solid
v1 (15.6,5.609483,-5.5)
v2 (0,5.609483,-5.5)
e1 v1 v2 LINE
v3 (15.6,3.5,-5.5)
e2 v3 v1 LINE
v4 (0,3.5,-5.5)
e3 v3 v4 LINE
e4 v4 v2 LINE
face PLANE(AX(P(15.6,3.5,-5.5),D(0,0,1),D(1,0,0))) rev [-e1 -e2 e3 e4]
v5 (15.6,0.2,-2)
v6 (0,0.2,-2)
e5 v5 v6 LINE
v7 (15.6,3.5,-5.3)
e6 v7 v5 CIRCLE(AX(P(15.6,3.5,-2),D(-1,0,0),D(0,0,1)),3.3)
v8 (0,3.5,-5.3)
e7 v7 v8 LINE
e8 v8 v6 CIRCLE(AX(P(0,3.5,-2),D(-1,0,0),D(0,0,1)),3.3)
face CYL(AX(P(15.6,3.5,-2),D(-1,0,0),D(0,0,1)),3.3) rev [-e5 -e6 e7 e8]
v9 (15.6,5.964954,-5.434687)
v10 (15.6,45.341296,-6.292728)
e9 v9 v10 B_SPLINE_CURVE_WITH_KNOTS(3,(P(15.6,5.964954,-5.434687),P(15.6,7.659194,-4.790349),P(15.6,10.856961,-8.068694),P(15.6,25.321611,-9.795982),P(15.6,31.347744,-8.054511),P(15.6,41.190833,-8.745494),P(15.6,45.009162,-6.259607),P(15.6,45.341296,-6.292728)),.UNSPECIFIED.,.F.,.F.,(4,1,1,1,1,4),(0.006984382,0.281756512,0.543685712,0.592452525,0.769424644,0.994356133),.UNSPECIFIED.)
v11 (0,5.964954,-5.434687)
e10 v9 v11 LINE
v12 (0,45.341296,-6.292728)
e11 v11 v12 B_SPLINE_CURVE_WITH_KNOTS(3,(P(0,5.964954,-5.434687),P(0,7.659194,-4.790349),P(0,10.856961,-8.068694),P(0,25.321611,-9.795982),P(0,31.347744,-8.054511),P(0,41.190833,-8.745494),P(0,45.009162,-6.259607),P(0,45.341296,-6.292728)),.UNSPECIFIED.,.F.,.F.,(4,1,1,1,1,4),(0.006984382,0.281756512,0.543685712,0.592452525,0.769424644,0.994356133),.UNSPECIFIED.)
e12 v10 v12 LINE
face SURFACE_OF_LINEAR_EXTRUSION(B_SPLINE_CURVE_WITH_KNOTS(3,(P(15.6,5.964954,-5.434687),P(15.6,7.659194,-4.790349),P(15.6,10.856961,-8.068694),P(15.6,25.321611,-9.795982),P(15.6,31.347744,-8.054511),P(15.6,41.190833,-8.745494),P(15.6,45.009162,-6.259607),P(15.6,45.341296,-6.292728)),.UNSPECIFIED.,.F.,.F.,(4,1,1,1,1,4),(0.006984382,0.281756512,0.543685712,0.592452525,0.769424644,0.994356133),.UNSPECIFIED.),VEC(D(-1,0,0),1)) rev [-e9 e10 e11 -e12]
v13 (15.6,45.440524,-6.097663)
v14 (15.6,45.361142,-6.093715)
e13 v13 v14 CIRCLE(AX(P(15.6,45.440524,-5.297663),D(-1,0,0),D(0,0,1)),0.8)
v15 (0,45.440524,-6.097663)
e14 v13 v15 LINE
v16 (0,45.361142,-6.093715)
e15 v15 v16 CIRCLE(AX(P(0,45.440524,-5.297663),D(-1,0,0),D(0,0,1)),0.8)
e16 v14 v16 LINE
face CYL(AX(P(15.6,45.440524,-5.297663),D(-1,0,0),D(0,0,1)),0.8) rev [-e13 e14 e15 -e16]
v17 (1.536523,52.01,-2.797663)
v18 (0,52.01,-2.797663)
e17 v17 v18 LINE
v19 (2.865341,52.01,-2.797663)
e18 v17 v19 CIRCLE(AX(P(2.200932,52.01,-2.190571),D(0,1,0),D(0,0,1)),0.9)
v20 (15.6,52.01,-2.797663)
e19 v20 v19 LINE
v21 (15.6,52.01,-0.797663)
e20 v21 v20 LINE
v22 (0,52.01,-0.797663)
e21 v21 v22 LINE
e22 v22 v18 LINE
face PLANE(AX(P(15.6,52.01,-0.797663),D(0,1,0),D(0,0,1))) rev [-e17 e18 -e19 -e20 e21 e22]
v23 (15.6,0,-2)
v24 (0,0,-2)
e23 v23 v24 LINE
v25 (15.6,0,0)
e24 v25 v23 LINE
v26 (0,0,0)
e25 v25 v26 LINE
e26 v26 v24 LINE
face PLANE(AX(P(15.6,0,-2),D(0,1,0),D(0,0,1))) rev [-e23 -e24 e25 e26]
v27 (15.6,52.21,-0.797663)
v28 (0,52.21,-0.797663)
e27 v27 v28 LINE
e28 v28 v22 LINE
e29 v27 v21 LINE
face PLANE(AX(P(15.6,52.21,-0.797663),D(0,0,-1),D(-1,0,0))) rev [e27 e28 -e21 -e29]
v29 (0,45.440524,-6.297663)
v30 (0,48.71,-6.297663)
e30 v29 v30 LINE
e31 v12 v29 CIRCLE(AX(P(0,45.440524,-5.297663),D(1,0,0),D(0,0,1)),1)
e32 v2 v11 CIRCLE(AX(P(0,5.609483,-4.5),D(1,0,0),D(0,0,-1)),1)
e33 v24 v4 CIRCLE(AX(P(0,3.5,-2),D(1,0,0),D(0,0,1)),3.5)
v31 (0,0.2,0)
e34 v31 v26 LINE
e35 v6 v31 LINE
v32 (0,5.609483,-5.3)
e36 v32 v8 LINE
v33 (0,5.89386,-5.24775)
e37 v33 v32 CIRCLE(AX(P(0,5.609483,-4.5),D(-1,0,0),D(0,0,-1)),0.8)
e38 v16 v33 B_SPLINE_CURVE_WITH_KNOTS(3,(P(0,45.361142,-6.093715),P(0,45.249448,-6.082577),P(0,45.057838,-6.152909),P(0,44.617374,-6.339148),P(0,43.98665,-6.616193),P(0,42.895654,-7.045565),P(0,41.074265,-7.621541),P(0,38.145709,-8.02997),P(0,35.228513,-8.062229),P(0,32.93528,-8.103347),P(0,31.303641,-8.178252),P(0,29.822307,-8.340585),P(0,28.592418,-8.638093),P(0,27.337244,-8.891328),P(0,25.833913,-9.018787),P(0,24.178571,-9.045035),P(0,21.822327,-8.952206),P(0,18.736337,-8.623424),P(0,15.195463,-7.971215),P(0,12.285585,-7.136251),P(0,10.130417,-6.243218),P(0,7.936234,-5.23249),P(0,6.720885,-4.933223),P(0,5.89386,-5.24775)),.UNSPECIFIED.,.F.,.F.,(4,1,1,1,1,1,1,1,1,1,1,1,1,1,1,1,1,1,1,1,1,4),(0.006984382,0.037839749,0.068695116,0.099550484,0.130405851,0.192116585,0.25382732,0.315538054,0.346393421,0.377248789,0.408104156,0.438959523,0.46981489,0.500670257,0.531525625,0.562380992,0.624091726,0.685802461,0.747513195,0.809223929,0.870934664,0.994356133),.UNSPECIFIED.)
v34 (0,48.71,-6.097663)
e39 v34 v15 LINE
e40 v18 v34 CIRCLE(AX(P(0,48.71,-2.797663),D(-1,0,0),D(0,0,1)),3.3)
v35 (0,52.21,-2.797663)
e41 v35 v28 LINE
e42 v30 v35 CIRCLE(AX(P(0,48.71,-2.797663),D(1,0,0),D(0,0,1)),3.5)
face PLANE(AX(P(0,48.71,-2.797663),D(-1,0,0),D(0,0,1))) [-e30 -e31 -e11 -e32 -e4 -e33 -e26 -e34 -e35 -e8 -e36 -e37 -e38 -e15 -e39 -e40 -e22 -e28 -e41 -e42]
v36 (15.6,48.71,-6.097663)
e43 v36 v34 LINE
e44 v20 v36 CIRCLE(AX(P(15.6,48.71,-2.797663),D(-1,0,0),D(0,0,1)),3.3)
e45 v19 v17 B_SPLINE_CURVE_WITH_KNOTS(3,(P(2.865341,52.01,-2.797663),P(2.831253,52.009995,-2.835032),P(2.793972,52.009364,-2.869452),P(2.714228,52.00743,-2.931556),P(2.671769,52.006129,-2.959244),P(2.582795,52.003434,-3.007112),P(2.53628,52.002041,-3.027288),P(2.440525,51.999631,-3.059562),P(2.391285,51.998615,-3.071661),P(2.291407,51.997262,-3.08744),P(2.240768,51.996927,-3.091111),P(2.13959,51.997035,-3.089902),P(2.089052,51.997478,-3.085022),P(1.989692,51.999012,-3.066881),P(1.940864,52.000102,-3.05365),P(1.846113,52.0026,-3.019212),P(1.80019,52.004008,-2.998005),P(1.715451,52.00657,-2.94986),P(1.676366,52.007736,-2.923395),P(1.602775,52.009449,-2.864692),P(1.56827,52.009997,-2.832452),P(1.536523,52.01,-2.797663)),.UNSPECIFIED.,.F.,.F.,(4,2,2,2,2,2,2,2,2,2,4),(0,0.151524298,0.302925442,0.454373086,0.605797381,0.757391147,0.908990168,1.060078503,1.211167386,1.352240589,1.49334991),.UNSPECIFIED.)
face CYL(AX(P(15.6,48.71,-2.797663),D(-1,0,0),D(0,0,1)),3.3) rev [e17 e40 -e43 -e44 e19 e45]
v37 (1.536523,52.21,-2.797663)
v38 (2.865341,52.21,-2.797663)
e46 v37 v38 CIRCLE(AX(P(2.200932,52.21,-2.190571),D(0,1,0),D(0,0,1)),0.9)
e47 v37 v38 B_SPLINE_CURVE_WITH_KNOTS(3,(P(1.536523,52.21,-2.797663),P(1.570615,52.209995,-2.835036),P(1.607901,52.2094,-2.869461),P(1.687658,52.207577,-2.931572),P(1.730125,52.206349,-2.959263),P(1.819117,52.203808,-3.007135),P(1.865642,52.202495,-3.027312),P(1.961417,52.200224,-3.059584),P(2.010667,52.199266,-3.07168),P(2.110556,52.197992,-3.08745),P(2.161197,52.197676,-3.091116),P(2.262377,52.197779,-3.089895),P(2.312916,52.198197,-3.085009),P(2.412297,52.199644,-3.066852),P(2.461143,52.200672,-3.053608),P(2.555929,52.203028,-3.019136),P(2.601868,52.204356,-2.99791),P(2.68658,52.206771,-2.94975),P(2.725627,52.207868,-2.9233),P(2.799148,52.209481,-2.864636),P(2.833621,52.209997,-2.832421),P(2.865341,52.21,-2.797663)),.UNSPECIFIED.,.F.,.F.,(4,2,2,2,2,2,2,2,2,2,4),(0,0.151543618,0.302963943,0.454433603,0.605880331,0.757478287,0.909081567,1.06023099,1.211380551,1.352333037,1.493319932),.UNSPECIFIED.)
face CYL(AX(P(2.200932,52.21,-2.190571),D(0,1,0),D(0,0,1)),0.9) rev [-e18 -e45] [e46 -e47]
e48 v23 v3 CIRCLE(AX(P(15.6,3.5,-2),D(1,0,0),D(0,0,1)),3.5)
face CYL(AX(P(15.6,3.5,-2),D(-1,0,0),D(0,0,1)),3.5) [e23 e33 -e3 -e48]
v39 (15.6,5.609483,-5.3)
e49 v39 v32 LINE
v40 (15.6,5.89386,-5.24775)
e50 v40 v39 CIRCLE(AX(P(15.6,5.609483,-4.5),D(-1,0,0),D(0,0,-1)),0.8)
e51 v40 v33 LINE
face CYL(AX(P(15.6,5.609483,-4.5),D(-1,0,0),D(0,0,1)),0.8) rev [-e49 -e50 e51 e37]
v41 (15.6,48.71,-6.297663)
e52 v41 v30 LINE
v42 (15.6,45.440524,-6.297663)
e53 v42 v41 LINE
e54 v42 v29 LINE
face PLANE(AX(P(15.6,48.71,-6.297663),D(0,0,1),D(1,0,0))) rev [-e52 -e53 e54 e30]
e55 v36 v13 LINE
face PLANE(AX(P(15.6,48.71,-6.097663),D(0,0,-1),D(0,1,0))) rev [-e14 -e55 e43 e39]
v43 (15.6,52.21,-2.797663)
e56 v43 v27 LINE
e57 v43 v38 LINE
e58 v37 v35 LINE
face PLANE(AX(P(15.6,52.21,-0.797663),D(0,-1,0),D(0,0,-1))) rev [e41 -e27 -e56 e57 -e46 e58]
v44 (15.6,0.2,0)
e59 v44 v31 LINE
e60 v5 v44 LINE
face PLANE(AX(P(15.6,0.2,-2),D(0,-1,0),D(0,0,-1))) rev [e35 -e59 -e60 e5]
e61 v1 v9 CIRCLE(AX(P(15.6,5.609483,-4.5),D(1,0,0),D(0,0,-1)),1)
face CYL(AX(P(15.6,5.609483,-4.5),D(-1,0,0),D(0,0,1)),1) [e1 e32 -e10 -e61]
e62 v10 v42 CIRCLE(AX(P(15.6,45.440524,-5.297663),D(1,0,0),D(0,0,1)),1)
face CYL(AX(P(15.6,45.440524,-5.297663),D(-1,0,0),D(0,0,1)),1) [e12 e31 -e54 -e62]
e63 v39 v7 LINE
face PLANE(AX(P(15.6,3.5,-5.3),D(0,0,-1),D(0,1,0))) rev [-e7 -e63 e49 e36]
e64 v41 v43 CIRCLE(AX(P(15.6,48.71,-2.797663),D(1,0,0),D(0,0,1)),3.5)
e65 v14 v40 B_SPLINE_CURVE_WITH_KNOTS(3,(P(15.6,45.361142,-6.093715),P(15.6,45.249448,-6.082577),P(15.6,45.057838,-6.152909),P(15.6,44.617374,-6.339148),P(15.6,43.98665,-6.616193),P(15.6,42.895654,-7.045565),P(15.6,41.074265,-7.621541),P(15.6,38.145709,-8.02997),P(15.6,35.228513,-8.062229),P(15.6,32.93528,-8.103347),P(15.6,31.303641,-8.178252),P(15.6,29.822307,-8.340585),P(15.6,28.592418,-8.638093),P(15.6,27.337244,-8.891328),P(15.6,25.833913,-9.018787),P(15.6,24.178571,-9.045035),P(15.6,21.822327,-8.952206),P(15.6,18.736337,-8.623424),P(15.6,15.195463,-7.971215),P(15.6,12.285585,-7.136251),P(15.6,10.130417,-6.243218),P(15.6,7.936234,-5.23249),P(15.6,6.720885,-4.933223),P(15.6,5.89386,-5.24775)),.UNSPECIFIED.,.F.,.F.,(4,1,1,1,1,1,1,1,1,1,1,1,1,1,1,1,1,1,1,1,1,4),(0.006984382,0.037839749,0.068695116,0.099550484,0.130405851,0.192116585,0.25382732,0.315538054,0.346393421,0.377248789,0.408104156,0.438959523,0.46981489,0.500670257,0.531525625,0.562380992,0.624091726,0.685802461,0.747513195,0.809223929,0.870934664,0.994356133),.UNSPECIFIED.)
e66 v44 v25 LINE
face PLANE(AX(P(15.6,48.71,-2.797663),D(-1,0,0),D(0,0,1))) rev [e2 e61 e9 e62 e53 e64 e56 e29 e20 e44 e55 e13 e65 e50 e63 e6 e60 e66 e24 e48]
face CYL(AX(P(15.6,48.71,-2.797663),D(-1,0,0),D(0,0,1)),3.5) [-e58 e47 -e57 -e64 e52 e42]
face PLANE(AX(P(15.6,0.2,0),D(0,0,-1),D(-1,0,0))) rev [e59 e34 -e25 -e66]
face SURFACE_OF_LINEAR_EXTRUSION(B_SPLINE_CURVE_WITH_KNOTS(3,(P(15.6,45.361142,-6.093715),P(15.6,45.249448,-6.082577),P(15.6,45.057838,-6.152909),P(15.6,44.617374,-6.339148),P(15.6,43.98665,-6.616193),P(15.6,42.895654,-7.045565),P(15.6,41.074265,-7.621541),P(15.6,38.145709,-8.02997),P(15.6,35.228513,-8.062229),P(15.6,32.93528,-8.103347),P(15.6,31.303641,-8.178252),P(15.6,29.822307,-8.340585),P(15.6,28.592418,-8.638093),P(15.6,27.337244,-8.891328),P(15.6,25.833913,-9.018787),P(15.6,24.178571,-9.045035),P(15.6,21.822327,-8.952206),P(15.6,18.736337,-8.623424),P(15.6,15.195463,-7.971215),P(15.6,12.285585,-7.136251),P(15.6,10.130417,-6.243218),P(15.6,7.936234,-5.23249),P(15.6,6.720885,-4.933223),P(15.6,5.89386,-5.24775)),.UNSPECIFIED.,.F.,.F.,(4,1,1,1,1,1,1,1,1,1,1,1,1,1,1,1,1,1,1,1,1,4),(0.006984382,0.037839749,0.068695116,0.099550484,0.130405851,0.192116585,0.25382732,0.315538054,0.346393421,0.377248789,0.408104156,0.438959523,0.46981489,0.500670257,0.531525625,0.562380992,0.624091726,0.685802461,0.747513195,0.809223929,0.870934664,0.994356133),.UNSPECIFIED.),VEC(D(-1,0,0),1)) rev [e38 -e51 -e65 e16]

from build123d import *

# Parameters (mm, degrees)
BOSS_EXTRUDE1_DEPTH        = 15.6
M1_6_CLEARANCE_HOLE1_D     = 1.8
M1_6_CLEARANCE_HOLE1_DEPTH = 1.58
M1_6_CLEARANCE_HOLE1_TIP   = 0.540774557


with BuildPart() as part:
    # Sketch2 → Boss-Extrude1 (new body)
    with BuildSketch(Plane(origin=(0, 0, 0), x_dir=(0, 0, -1), z_dir=(1, 0, 0))):
        with BuildLine():
            Line((0.797662791, 52.21), (2.797662791, 52.21))
            ThreePointArc((2.797662791, 52.21), (5.272536525, 51.184873734), (6.297662791, 48.71))
            Line((6.297662791, 48.71), (6.297662791, 45.440524187))
            ThreePointArc((6.297662791, 45.440524187), (6.296428214, 45.390848939), (6.292727531, 45.341296346))
            add(Edge.make_bspline(
                [(6.292727531, 45.341296346), (6.259607091, 45.009161928), (8.745493857, 41.190833381), (8.054511063, 31.347743897), (9.795982079, 25.321611421), (8.06869407, 10.856960565), (4.790349055, 7.659193658), (5.434687, 5.964954418)],
                knots=[0.006984382, 0.006984382, 0.006984382, 0.006984382, 0.231915871, 0.40888799, 0.457654803, 0.719584003, 0.994356133, 0.994356133, 0.994356133, 0.994356133], degree=3))
            ThreePointArc((5.434687, 5.964954418), (5.483536222, 5.790193697), (5.5, 5.609482602))
            Line((5.5, 5.609482602), (5.5, 3.5))
            ThreePointArc((5.5, 3.5), (4.474873734, 1.025126266), (2, 0))
            Line((2, 0), (0, 0))
            Line((0, 0), (0, 0.2))
            Line((0, 0.2), (2, 0.2))
            ThreePointArc((2, 0.2), (4.333452378, 1.166547622), (5.3, 3.5))
            Line((5.3, 3.5), (5.3, 5.609482602))
            ThreePointArc((5.3, 5.609482602), (5.286828978, 5.754051478), (5.2477496, 5.893860055))
            add(Edge.make_bspline(
                [(6.093714583, 45.361141914), (6.082576514, 45.249448468), (6.152908978, 45.057838302), (6.339148063, 44.617374325), (6.61619349, 43.986650028), (7.045564878, 42.895653504), (7.621541213, 41.074265041), (8.029969954, 38.145708791), (8.062229465, 35.228512546), (8.103347105, 32.935279673), (8.178252313, 31.303640847), (8.340584582, 29.822307079), (8.638092952, 28.592417748), (8.891327512, 27.33724374), (9.018786932, 25.833913335), (9.045034686, 24.178571286), (8.95220636, 21.822326787), (8.623424374, 18.736336869), (7.971215037, 15.195463106), (7.136251155, 12.285584549), (6.243218334, 10.130417301), (5.232490187, 7.936234492), (4.933223021, 6.720884562), (5.2477496, 5.893860055)],
                knots=[0.006984382, 0.006984382, 0.006984382, 0.006984382, 0.037839749, 0.068695116, 0.099550484, 0.130405851, 0.192116585, 0.25382732, 0.315538054, 0.346393421, 0.377248789, 0.408104156, 0.438959523, 0.46981489, 0.500670257, 0.531525625, 0.562380992, 0.624091726, 0.685802461, 0.747513195, 0.809223929, 0.870934664, 0.994356133, 0.994356133, 0.994356133, 0.994356133], degree=3))
            ThreePointArc((6.093714583, 45.361141914), (6.09667513, 45.400783988), (6.097662791, 45.440524187))
            Line((6.097662791, 45.440524187), (6.097662791, 48.71))
            ThreePointArc((6.097662791, 48.71), (5.131115169, 51.043452378), (2.797662791, 52.01))
            Line((2.797662791, 52.01), (0.797662791, 52.01))
            Line((0.797662791, 52.01), (0.797662791, 52.21))
        make_face()
    extrude(amount=BOSS_EXTRUDE1_DEPTH)

    # M1.6 Clearance Hole1
    with Locations(Plane(origin=(0, 52.21, 0), x_dir=(1, 0, 0), z_dir=(0, 1, 0))):
        with Locations((2.20093171, 2.190571018)):
            Hole(M1_6_CLEARANCE_HOLE1_D / 2, depth=M1_6_CLEARANCE_HOLE1_DEPTH)
            with Locations((0, 0, -(M1_6_CLEARANCE_HOLE1_DEPTH + M1_6_CLEARANCE_HOLE1_TIP / 2))):  # 118° drill point
                Cone(0, M1_6_CLEARANCE_HOLE1_D / 2, M1_6_CLEARANCE_HOLE1_TIP, mode=Mode.SUBTRACT)


solid = part.part
